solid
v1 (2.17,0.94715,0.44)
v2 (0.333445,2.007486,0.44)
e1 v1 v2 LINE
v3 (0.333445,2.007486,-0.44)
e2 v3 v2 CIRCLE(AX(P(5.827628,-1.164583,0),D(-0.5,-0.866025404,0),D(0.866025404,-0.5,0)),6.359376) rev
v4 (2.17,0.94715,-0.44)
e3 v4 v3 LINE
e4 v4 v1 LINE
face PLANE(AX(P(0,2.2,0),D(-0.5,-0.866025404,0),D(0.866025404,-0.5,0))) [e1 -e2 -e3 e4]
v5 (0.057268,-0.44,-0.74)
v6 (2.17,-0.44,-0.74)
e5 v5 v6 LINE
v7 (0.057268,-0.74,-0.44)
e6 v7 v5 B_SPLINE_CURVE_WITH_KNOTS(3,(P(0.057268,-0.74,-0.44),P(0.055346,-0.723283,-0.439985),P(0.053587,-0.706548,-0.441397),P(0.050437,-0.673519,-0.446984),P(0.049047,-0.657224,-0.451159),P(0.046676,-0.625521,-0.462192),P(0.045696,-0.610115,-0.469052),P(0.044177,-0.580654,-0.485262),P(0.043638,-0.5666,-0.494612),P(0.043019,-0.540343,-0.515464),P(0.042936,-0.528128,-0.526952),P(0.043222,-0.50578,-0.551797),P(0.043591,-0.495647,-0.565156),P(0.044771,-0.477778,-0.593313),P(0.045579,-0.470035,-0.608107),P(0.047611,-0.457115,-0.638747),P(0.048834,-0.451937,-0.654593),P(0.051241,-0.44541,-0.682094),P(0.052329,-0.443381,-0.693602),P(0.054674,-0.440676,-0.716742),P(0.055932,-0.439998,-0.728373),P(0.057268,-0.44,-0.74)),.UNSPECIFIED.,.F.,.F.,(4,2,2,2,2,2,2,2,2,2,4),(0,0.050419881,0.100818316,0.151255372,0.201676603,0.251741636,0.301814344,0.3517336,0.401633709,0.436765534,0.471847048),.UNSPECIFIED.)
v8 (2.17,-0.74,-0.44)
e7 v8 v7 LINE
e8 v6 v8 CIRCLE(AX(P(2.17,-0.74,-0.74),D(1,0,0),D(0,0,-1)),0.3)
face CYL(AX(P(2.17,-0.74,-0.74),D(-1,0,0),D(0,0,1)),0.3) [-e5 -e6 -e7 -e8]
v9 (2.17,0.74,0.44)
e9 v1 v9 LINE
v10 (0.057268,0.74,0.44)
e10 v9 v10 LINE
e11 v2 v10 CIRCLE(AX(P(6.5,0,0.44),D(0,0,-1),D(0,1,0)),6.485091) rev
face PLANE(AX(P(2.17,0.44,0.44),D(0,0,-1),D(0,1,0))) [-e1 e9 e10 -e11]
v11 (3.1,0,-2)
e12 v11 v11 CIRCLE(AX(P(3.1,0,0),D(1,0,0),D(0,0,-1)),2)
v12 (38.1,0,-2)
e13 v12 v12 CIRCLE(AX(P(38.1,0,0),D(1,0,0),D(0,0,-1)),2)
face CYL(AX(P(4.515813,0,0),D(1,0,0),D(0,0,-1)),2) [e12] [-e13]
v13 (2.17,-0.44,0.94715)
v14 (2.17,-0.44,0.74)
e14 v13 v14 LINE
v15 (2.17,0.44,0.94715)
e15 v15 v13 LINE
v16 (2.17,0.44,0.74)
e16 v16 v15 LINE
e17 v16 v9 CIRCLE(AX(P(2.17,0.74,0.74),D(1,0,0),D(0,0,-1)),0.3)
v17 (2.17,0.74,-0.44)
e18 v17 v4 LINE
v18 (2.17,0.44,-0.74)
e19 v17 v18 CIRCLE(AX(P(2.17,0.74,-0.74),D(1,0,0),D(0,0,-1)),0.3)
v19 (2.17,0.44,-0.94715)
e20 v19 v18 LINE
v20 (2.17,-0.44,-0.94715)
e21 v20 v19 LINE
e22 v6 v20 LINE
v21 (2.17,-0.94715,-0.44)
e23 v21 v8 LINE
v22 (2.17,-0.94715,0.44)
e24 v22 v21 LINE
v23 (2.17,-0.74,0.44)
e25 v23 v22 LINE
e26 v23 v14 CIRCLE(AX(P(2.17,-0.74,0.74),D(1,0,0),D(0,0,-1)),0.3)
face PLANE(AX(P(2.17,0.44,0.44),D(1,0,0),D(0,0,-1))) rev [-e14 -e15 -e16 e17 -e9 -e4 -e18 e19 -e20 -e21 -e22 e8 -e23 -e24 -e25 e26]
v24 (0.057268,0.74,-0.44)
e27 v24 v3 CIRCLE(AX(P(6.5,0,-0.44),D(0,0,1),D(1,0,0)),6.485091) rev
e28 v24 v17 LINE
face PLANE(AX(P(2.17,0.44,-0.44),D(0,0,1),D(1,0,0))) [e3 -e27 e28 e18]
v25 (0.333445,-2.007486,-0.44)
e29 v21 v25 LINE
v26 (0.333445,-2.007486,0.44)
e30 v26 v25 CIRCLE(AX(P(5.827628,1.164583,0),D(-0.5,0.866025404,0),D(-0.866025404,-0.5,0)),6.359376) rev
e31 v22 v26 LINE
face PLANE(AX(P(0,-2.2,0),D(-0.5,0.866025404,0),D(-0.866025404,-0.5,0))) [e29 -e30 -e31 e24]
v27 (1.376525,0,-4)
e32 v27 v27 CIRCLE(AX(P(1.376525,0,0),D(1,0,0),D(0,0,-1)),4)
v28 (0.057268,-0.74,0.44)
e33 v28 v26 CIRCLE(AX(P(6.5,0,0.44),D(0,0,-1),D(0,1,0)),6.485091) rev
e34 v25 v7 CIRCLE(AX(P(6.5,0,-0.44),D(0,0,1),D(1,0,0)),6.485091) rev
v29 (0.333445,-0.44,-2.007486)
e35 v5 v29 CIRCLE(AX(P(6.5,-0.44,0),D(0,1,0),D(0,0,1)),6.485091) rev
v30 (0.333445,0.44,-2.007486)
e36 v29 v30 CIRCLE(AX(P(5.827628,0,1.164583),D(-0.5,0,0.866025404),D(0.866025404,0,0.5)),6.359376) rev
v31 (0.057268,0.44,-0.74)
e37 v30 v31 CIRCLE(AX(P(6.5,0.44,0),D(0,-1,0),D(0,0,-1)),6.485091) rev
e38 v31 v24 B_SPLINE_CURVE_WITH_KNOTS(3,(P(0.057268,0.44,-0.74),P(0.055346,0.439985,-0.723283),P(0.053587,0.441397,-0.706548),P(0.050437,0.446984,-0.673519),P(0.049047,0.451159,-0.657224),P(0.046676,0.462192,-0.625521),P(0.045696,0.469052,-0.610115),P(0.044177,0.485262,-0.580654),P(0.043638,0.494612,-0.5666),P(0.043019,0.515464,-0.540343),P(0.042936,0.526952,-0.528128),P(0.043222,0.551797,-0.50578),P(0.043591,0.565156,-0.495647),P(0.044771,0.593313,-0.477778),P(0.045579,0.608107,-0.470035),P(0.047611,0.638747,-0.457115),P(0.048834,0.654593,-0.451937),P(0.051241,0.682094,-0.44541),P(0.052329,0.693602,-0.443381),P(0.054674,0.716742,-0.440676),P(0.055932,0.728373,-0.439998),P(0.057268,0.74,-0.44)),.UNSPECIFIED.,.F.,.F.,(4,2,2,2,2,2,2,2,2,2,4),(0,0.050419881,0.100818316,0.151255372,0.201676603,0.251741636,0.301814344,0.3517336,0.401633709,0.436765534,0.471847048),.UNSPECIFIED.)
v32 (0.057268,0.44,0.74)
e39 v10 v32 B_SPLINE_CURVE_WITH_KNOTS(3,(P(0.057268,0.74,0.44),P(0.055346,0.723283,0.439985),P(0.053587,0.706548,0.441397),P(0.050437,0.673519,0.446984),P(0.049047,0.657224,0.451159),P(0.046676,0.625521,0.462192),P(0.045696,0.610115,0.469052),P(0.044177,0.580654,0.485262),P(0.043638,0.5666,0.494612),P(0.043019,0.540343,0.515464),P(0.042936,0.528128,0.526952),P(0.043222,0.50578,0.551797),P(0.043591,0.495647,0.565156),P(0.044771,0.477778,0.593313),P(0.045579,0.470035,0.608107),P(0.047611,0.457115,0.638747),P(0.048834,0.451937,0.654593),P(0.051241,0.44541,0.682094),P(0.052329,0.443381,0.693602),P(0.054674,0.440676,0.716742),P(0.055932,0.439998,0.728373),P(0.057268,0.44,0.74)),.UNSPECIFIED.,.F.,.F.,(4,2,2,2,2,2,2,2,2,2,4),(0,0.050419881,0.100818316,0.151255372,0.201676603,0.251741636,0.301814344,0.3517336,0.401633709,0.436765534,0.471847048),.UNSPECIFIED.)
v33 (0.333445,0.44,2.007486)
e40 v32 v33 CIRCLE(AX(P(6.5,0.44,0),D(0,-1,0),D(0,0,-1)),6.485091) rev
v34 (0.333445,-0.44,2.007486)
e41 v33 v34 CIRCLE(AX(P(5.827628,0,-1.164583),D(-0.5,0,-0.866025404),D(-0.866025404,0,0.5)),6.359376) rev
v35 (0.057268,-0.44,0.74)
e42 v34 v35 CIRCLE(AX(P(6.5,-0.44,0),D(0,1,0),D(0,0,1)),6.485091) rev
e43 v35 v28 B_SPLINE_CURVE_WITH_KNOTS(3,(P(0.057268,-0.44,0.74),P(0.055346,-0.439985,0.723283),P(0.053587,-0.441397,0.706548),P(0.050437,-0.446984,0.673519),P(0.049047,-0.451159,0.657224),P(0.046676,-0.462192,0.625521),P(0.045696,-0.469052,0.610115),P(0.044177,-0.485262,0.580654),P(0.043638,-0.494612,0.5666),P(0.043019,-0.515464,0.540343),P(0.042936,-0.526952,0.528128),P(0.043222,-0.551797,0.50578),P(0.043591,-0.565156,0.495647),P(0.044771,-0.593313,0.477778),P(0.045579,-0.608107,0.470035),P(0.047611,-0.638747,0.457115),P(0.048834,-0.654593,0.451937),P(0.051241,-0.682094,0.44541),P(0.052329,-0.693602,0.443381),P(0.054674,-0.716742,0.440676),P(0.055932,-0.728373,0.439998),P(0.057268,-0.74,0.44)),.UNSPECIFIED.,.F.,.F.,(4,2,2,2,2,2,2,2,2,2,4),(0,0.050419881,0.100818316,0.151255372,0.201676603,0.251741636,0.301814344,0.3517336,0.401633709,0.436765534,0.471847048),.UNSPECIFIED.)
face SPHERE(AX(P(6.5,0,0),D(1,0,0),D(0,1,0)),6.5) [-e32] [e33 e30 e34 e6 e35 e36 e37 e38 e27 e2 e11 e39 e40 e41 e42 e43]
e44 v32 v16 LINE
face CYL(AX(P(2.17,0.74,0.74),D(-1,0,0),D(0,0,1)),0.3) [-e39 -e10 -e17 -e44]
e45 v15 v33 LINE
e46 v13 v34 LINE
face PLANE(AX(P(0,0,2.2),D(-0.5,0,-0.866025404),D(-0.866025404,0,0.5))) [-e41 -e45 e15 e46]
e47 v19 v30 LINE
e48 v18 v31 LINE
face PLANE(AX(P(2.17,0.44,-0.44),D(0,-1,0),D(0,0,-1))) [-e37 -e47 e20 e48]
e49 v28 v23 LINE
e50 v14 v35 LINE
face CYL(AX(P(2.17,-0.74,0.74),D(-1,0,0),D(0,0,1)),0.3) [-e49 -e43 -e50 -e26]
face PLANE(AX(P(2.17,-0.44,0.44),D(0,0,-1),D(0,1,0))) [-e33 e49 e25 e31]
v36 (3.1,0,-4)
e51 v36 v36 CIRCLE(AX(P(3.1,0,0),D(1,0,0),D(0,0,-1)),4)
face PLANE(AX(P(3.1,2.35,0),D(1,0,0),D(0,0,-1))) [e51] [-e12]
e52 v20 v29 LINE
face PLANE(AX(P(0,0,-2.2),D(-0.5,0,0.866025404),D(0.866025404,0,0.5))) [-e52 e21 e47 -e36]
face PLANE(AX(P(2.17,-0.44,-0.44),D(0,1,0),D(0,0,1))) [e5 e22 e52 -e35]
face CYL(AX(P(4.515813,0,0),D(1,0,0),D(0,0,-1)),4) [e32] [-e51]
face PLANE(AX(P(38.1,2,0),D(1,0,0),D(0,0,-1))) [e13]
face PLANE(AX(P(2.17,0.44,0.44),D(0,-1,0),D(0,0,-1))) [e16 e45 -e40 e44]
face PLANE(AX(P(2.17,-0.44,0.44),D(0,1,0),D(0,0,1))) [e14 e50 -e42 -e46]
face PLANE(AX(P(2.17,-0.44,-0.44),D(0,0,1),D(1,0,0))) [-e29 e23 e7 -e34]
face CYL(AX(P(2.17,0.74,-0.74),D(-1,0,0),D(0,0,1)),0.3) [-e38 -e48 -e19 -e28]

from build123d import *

# Parameters (mm, degrees)
CROSSRECESS_DEPTH = 2.17
FILLET5_R         = 0.3
DRAFT1_ANGLE      = -30


with BuildPart() as part:
    # Sketch1 → Base (revolve)
    with BuildSketch(Plane.XY):
        with BuildLine():
            Line((38.1, 2), (4.5, 2))
            Line((4.5, 2), (3.1, 2))
            Line((3.1, 2), (3.1, 2.35))
            Line((3.1, 2.35), (3.1, 4))
            Line((3.1, 4), (1.376524617, 4))
            ThreePointArc((1.376524617, 4), (0.353757652, 2.115113473), (0, 0))
            Line((0, 0), (38.1, 0))
            Line((38.1, 0), (38.1, 2))
        make_face()
    revolve(axis=Axis((4.515812911, 0, 0), (-1, 0, 0)))

    # Sketch6 → CrossRecess (cut)
    with BuildSketch(Plane(origin=(0, 0, 0), x_dir=(0, 0, -1), z_dir=(1, 0, 0))):
        Polygon((0.44, 0.44), (0.44, 2.2), (-0.44, 2.2), (-0.44, 0.44), (-2.2, 0.44), (-2.2, -0.44), (-0.44, -0.44), (-0.44, -2.2), (0.44, -2.2), (0.44, -0.44), (2.2, -0.44), (2.2, 0.44), align=None)
    extrude(amount=CROSSRECESS_DEPTH, mode=Mode.SUBTRACT)

    # Fillet5
    fillet5_edges = [part.edges().sort_by_distance(p)[0] for p in [
        (1.099926585, 0.44, 0.44),
        (1.099926585, -0.44, 0.44),
        (1.099926585, -0.44, -0.44),
        (1.099926585, 0.44, -0.44),
    ]]
    fillet(fillet5_edges, radius=FILLET5_R)

    # Draft1
    draft1_faces = [part.faces().sort_by_distance(p)[0] for p in [
        (1.27944778, -2.2, 0),
        (1.27944778, 0, -2.2),
        (1.27944778, 0, 2.2),
        (1.27944778, 2.2, 0),
    ]]
    draft(draft1_faces, Plane(origin=(0, 0, 0), x_dir=(0, 0, 1), z_dir=(1, 0, 0)), DRAFT1_ANGLE)


solid = part.part
